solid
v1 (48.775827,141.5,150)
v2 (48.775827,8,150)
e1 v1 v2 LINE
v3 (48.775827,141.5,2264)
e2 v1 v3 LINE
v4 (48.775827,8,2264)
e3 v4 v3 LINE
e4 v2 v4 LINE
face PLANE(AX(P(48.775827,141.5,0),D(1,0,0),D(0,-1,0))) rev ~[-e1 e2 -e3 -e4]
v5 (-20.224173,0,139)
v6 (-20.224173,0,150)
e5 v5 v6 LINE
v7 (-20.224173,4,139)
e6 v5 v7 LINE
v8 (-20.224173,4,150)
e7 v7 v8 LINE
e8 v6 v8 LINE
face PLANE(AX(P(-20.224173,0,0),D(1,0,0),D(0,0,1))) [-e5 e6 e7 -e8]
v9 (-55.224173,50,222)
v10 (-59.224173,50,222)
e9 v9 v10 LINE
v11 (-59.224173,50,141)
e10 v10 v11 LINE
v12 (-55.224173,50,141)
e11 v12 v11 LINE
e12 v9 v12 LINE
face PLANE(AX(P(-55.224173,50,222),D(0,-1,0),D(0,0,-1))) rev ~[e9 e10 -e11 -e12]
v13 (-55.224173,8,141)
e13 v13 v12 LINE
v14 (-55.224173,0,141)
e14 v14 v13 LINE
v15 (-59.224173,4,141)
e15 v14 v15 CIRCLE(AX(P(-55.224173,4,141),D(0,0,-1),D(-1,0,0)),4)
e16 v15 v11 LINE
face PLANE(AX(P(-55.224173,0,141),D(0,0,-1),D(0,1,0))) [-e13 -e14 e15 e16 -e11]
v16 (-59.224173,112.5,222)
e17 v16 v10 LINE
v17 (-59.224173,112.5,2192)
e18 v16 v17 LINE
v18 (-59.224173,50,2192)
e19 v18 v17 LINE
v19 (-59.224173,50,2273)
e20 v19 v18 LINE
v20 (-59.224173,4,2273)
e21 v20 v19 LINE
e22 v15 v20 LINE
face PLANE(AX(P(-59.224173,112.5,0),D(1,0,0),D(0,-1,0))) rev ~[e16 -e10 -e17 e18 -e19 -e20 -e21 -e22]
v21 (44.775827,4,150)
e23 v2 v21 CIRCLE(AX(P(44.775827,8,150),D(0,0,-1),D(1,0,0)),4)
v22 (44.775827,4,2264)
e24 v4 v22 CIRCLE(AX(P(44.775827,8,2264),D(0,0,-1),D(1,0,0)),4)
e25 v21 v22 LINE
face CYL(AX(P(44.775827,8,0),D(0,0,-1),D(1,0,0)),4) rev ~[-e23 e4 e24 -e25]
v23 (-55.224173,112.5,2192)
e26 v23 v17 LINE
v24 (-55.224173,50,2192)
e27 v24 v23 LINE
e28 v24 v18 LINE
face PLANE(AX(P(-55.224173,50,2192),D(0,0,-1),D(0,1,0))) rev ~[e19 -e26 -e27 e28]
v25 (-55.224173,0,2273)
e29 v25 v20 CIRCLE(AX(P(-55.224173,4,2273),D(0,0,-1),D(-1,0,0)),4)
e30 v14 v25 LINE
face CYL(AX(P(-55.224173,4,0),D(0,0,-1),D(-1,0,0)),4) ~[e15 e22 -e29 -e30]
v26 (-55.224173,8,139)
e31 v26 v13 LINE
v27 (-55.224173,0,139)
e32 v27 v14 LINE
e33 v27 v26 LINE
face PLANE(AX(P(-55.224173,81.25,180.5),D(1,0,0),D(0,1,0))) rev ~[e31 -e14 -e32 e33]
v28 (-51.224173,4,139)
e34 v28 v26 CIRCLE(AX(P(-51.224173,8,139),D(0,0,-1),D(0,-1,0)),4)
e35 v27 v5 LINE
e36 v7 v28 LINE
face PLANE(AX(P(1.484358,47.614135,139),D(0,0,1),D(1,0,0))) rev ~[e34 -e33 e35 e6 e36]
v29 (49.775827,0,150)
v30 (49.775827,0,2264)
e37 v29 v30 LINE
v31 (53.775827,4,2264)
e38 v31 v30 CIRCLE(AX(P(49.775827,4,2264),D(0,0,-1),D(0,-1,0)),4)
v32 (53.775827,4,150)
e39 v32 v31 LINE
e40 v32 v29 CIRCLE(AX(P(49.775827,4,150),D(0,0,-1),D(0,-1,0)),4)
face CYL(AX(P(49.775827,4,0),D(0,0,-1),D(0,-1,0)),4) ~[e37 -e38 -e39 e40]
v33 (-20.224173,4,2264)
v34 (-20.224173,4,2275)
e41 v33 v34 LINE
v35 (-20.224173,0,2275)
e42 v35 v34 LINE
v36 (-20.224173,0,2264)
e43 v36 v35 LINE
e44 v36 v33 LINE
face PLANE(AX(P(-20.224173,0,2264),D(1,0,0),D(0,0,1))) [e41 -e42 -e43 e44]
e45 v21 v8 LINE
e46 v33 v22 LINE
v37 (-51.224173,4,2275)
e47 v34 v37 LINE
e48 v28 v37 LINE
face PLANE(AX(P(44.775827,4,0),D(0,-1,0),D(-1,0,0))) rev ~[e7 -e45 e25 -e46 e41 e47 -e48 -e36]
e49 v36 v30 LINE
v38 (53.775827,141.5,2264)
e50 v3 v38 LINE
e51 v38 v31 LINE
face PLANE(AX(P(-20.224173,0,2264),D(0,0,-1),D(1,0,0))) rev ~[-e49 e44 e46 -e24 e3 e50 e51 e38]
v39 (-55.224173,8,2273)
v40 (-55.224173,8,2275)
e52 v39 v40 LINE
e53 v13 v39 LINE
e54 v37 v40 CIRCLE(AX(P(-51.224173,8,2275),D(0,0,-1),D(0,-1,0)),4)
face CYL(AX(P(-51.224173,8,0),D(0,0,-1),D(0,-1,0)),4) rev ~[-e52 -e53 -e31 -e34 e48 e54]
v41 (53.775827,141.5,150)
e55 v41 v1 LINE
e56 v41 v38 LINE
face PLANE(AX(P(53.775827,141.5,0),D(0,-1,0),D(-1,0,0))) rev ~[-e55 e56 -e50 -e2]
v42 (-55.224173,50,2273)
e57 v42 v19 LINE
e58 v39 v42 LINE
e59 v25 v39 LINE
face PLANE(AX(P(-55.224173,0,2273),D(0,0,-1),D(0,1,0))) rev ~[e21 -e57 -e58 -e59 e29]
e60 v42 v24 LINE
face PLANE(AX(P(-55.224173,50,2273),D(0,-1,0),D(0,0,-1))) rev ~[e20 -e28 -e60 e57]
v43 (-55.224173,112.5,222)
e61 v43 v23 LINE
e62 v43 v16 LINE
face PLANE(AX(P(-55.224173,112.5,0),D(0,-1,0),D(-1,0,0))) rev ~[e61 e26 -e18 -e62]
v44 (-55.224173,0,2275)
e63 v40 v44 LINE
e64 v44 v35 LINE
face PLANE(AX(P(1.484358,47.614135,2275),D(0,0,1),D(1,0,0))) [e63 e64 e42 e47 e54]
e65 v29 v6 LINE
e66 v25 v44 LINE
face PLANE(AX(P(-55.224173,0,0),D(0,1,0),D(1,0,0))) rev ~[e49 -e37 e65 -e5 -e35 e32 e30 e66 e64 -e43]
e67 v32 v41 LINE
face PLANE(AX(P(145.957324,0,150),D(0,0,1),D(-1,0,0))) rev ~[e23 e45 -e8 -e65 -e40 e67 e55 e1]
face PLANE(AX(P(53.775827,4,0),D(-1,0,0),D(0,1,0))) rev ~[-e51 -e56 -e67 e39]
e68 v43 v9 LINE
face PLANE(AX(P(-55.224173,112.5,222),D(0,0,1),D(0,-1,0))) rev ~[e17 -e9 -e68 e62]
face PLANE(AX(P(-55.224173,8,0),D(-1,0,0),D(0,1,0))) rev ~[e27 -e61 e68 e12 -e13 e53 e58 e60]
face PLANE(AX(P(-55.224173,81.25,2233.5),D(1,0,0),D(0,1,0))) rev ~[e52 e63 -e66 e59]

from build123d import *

# Parameters (mm, degrees)
F1_DEPTH = 2414
F2_W     = 92.1814972758
F2_H     = 150
F2_W_2   = 70
F2_W_3   = 4
F3_DEPTH = 141.501
F4_DEPTH = 139
F5_DEPTH = 139
F6_W     = 50
F6_H     = 2
F7_DEPTH = 25


with BuildPart() as f1:
    # F0 (on Top) → F1 (new body)
    with BuildSketch(Plane.XY):
        with BuildLine():
            Line((-55.2241730846, 112.5), (-59.2241730846, 112.5))
            Line((-59.2241730846, 112.5), (-59.2241730846, 4))
            ThreePointArc((-59.2241730846, 4), (-58.0526002093, 1.1715728753), (-55.2241730846, 0))
            Line((-55.2241730846, 0), (49.7758269154, 0))
            ThreePointArc((49.7758269154, 0), (52.6042540402, 1.1715728753), (53.7758269154, 4))
            Line((53.7758269154, 4), (53.7758269154, 141.5))
            Line((53.7758269154, 141.5), (48.7758269154, 141.5))
            Line((48.7758269154, 141.5), (48.7758269154, 8))
            ThreePointArc((48.7758269154, 8), (47.6042540402, 5.1715728753), (44.7758269154, 4))
            Line((44.7758269154, 4), (-51.2241730846, 4))
            ThreePointArc((-51.2241730846, 4), (-54.0526002093, 5.1715728753), (-55.2241730846, 8))
            Line((-55.2241730846, 8), (-55.2241730846, 112.5))
        make_face()
    extrude(amount=F1_DEPTH)

    # F2 (on face) → F3 (cut, through all)
    with BuildSketch(Plane.XZ):
        with Locations((99.8665755533, 2339)):
            Rectangle(F2_W, F2_H)
        with Locations((14.7758269154, 2339)):
            Rectangle(F2_W_2, F2_H)
        with Locations((51.7758269154, 2339)):
            Rectangle(F2_W_3, F2_H)
        with Locations((51.7758269154, 75)):
            Rectangle(F2_W_3, F2_H)
        with Locations((99.8665755533, 75)):
            Rectangle(F2_W, F2_H)
        with Locations((14.7758269154, 75)):
            Rectangle(F2_W_2, F2_H)
    extrude(amount=-F3_DEPTH, mode=Mode.SUBTRACT)

    # F4 (cut): a face of the model
    f4_faces = [f1.faces().sort_by_distance(p)[0] for p in [
        (-21.4148556619, 2, 2414),
    ]]
    extrude(f4_faces, amount=-F4_DEPTH, mode=Mode.SUBTRACT)

    # F5 (cut): a face of the model
    f5_faces = [f1.faces().sort_by_distance(p)[0] for p in [
        (-21.4148556619, 2, 0),
    ]]
    extrude(f5_faces, amount=-F5_DEPTH, mode=Mode.SUBTRACT)

    # F6 (on face) → F7 (cut)
    with BuildSketch(Plane.YZ.offset(-55.2241730846)):
        Polygon((50, 139), (112.5, 139), (112.5, 222), (50, 222), (50, 141), align=None)
        with Locations((25, 140)):
            Rectangle(F6_W, F6_H)
        Polygon((112.5, 2192), (112.5, 2275), (50, 2275), (50, 2273), (50, 2192), align=None)
        with Locations((25, 2274)):
            Rectangle(F6_W, F6_H)
    extrude(amount=-F7_DEPTH, mode=Mode.SUBTRACT)


solid = f1.part
